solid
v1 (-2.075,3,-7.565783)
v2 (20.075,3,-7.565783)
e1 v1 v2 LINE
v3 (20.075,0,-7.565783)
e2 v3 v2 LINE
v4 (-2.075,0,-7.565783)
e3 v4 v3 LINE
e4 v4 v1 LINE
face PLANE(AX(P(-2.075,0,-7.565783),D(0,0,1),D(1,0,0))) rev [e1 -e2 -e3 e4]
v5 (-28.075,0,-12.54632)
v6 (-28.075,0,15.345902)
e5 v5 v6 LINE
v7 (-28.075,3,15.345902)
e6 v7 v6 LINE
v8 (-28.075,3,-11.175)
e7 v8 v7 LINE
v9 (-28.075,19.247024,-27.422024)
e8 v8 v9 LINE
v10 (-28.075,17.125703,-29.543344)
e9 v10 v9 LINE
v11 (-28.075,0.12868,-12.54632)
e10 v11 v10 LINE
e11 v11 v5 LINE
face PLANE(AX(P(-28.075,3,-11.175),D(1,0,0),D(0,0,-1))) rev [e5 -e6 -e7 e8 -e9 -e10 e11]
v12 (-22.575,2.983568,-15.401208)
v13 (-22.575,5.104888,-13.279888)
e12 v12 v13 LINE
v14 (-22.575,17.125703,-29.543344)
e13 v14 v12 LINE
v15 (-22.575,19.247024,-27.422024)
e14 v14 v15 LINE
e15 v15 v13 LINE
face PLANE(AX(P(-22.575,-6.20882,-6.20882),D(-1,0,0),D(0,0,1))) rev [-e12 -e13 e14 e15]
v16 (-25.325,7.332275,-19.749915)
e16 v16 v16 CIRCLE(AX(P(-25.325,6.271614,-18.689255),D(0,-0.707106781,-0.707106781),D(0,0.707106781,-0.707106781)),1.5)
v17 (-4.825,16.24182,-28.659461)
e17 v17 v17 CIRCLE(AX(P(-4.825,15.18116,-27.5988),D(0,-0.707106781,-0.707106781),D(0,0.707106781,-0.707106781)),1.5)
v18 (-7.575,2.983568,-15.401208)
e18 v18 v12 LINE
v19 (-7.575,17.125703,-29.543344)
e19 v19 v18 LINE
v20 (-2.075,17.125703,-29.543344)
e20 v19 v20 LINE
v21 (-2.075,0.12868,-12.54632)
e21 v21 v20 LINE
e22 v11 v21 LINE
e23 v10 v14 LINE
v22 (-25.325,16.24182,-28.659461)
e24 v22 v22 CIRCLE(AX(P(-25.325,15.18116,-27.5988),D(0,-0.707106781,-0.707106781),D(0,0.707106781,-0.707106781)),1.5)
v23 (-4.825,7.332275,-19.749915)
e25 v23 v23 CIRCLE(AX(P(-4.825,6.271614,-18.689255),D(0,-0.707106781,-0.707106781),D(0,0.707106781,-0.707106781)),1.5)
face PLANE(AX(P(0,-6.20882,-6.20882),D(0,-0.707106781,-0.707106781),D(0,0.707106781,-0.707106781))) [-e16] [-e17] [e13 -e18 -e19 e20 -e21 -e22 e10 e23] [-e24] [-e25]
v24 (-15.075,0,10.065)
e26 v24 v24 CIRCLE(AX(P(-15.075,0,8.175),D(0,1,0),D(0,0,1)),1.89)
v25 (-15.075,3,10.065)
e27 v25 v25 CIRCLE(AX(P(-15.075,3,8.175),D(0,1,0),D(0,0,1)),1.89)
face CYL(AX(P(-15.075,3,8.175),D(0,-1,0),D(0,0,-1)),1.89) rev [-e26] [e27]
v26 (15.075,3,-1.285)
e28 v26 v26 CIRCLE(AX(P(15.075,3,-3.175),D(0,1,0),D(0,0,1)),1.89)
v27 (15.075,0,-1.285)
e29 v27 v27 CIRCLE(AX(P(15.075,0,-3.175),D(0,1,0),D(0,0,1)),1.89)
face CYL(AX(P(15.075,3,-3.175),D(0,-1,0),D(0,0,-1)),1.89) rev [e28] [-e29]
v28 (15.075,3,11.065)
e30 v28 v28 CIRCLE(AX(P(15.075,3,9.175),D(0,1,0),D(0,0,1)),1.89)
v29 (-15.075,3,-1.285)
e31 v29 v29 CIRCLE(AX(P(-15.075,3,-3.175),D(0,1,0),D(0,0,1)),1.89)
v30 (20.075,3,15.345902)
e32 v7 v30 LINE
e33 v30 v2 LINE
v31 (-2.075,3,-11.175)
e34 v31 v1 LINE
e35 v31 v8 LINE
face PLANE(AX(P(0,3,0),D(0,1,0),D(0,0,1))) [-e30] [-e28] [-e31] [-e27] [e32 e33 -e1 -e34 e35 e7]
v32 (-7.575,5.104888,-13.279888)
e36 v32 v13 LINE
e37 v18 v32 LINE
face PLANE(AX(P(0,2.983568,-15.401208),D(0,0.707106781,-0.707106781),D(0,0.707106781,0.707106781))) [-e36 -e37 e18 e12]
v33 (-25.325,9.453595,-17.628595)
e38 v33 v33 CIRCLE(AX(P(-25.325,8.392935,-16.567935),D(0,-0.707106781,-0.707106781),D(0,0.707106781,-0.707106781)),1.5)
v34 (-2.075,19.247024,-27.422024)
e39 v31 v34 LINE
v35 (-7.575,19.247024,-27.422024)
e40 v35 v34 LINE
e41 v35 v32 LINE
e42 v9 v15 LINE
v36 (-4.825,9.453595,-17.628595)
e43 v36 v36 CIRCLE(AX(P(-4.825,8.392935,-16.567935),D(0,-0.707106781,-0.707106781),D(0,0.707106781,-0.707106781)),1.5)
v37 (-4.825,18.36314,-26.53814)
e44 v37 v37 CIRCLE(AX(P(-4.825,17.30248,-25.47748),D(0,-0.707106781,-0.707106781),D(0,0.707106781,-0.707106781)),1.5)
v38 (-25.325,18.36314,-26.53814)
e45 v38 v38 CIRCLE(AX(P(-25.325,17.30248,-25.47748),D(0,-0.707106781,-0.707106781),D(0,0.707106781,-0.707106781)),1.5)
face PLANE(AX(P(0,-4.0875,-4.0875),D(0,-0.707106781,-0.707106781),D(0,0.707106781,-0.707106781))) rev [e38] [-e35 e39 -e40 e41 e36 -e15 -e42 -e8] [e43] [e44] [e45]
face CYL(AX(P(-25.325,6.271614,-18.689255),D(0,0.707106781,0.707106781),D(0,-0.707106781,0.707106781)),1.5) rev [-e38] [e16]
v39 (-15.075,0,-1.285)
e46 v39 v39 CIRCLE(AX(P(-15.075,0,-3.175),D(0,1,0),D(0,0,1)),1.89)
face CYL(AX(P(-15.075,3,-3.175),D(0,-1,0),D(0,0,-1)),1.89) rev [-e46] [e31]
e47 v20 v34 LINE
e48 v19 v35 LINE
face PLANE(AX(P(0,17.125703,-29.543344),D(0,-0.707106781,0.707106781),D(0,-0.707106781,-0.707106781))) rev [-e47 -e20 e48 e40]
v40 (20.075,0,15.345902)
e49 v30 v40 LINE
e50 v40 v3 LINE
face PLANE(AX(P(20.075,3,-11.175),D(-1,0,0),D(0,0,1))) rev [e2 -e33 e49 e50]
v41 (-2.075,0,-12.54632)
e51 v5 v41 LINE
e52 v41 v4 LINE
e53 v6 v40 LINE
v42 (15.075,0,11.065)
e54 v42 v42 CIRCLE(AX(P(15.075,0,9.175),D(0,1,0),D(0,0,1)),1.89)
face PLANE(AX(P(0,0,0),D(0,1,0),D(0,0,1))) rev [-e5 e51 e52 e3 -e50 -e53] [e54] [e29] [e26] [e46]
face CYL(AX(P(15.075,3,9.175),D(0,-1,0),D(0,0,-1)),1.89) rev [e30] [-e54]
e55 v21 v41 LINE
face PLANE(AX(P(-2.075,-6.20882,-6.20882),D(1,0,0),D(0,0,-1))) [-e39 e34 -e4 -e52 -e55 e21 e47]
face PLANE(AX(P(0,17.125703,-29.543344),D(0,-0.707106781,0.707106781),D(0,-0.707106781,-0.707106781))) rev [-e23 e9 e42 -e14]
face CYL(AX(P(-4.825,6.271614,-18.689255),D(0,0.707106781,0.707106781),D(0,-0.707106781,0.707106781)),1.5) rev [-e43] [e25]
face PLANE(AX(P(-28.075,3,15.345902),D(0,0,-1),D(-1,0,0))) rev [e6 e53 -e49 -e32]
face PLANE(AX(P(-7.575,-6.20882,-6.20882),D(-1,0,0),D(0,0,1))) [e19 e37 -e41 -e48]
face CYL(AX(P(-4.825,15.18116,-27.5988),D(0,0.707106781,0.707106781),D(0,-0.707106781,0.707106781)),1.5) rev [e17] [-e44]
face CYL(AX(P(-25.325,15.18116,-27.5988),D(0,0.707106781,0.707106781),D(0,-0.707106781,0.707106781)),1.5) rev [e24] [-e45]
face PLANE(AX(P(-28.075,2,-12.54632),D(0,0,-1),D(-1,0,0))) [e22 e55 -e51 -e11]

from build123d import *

# Parameters (mm, degrees)
SKETCH2_W           = 48.15
SKETCH2_H           = 26.520901759
SKETCH2_R           = 1.89
BOSS_EXTRUDE1_DEPTH = 3
SKETCH6_R           = 1.5
BOSS_EXTRUDE2_DEPTH = 3
SKETCH7_W           = 26
SKETCH7_H           = 2.377108006
BOSS_EXTRUDE3_DEPTH = 2
SKETCH8_W           = 22.15
SKETCH8_H           = 3.609216989
CUT_EXTRUDE1_DEPTH  = 3


with BuildPart() as part:
    # Sketch2 → Boss-Extrude1 (new body)
    with BuildSketch(Plane(origin=(0, 0, 0), x_dir=(1, 0, 0), z_dir=(0, 1, 0))):
        with Locations((-4, -2.085450879)):
            Rectangle(SKETCH2_W, SKETCH2_H)
        with Locations((-15.075, -8.175)):
            Circle(SKETCH2_R, mode=Mode.SUBTRACT)
        with Locations((-15.075, 3.175)):
            Circle(SKETCH2_R, mode=Mode.SUBTRACT)
        with Locations((15.075, 3.175)):
            Circle(SKETCH2_R, mode=Mode.SUBTRACT)
        with Locations((15.075, -9.175)):
            Circle(SKETCH2_R, mode=Mode.SUBTRACT)
    extrude(amount=BOSS_EXTRUDE1_DEPTH)

    # Sketch6 → Boss-Extrude2 (add)
    with BuildSketch(Plane(origin=(0, -4.0875, -4.0875), x_dir=(-1, 0, 0), z_dir=(0, -0.707106781, -0.707106781))):
        Polygon((2.075, 8.962578452), (28.075, 8.962578452), (28.075, 33), (22.575, 33), (22.575, 13), (7.575, 13), (7.575, 33), (2.075, 33), align=None)
        with Locations((4.825, 17.65)):
            Circle(SKETCH6_R, mode=Mode.SUBTRACT)
        with Locations((25.325, 17.65)):
            Circle(SKETCH6_R, mode=Mode.SUBTRACT)
        with Locations((4.825, 30.25)):
            Circle(SKETCH6_R, mode=Mode.SUBTRACT)
        with Locations((25.325, 30.25)):
            Circle(SKETCH6_R, mode=Mode.SUBTRACT)
    extrude(amount=BOSS_EXTRUDE2_DEPTH)

    # Sketch7 → Boss-Extrude3 (add)
    with BuildSketch(Plane.XZ):
        with Locations((-15.075, -11.357766341)):
            Rectangle(SKETCH7_W, SKETCH7_H)
    extrude(amount=-BOSS_EXTRUDE3_DEPTH)

    # Sketch8 → Cut-Extrude1 (cut)
    with BuildSketch(Plane(origin=(0, 3, 0), x_dir=(1, 0, 0), z_dir=(0, 1, 0))):
        with Locations((9, 9.370391506)):
            Rectangle(SKETCH8_W, SKETCH8_H)
    extrude(amount=-CUT_EXTRUDE1_DEPTH, mode=Mode.SUBTRACT)


solid = part.part
